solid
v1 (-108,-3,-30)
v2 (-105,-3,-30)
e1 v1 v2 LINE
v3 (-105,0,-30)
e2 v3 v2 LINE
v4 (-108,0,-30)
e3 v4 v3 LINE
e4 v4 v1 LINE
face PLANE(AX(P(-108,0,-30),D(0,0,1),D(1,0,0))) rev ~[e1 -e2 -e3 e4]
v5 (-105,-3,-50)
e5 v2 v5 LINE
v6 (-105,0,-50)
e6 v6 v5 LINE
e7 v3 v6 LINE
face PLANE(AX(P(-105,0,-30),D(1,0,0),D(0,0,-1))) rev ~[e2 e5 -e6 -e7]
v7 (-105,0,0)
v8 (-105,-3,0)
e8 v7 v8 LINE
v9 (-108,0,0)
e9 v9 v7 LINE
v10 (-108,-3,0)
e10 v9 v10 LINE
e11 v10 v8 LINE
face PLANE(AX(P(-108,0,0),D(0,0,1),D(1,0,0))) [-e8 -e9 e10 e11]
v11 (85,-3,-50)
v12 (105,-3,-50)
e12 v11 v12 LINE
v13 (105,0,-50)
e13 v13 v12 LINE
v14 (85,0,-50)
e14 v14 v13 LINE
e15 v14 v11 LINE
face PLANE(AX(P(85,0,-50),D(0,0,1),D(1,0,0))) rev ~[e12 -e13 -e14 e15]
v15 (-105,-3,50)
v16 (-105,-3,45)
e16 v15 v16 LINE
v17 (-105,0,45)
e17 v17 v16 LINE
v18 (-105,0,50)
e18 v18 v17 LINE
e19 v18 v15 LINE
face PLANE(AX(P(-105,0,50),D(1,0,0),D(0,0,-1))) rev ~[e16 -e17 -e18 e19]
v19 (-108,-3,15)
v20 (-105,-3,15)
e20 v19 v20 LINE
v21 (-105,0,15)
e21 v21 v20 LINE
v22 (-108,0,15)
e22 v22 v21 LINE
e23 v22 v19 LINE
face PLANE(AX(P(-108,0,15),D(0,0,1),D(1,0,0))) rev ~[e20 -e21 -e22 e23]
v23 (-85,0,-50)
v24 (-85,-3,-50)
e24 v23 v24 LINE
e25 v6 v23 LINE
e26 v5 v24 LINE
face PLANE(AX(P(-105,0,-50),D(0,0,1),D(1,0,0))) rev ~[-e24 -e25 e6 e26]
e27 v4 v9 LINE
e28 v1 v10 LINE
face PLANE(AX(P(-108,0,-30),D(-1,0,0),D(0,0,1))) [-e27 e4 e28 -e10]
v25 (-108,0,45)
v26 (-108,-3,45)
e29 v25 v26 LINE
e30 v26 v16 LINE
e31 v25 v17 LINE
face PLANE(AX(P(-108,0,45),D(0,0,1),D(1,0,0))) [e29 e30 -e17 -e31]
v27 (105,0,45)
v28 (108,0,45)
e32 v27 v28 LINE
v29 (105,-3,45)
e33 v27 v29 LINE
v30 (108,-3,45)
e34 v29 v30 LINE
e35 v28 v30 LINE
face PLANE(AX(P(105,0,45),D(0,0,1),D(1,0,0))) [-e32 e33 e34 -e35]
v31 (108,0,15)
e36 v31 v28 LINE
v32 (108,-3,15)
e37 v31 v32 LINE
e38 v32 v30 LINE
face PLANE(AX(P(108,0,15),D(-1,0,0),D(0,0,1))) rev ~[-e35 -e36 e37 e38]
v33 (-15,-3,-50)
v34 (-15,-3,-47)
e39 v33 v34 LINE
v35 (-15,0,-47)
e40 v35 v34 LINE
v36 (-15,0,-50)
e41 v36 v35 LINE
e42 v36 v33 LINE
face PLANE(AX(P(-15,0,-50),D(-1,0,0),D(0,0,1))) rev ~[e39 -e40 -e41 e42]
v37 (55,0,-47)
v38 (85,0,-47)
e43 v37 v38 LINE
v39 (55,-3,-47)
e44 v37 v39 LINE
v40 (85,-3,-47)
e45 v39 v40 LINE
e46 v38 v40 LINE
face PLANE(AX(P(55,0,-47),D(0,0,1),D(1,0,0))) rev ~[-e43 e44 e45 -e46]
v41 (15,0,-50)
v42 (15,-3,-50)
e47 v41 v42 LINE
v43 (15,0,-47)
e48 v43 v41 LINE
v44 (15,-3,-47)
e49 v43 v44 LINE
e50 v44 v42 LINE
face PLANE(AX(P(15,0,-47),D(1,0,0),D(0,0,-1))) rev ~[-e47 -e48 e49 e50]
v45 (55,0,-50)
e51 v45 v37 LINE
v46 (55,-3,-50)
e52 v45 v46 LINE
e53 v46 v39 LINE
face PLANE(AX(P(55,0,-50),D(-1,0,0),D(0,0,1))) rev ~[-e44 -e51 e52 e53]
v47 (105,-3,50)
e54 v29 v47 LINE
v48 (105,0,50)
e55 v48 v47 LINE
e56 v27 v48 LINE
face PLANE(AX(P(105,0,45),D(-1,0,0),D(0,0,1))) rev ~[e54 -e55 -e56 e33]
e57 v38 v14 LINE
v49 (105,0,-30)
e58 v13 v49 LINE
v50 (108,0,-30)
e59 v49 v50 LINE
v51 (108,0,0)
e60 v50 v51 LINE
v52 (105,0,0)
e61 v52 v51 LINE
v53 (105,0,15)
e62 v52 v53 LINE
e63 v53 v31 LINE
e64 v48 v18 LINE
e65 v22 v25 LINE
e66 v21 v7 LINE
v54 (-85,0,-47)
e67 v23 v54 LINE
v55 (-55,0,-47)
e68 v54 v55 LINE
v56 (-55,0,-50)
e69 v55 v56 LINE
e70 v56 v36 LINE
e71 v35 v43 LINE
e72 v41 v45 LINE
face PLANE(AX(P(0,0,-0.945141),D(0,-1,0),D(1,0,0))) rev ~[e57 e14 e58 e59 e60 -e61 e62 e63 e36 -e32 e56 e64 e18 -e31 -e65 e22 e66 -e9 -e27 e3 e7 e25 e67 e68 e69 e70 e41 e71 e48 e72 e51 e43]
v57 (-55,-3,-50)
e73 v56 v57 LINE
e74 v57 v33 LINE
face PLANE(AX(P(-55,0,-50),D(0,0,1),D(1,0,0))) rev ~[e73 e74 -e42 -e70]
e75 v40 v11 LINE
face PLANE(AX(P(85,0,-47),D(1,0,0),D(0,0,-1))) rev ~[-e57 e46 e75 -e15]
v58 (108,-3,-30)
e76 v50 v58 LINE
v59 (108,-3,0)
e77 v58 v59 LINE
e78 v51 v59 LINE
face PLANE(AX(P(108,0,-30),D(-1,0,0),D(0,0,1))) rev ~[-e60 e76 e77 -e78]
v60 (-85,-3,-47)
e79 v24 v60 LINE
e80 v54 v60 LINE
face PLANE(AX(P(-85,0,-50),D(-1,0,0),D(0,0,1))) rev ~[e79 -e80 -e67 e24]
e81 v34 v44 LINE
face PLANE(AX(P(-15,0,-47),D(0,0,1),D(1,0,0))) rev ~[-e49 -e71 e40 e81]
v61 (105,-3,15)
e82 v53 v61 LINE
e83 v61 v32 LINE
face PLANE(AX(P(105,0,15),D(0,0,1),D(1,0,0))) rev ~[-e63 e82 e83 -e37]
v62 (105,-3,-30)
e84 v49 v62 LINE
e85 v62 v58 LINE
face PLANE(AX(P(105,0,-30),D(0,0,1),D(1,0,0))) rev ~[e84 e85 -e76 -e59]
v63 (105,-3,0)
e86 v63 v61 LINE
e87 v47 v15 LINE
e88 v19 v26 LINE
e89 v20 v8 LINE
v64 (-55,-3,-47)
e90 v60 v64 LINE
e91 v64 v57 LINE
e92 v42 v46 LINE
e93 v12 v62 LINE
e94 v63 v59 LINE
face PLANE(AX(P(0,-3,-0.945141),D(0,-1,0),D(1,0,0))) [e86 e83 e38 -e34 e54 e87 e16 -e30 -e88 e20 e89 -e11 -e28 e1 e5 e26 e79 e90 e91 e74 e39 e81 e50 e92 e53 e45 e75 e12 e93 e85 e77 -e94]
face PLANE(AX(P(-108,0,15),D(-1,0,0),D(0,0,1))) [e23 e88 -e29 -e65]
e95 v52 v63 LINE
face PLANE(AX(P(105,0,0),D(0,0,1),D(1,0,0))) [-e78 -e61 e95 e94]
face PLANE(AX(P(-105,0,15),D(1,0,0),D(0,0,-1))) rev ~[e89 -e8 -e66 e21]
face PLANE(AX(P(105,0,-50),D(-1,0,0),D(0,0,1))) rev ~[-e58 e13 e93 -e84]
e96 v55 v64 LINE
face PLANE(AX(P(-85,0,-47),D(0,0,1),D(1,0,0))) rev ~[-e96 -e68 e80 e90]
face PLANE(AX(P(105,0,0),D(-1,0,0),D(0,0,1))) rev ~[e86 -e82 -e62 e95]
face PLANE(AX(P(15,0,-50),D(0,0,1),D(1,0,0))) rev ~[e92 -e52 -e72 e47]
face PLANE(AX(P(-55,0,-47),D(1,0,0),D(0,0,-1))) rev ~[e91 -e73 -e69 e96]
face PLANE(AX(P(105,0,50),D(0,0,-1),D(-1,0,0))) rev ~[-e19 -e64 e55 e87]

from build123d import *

# Parameters (mm, degrees)
F0_W     = 3
F0_H     = 30
F1_DEPTH = 3


with BuildPart() as f1:
    # F0 (on Front) → F1 (new body)
    with BuildSketch(Plane.XZ):
        Polygon((105, 45), (105, 50), (-105, 50), (-105, 45), (-105, 15), (-105, 0), (-105, -30), (-105, -50), (-85, -50), (-85, -47), (-55, -47), (-55, -50), (-15, -50), (-15, -47), (15, -47), (15, -50), (55, -50), (55, -47), (85, -47), (85, -50), (105, -50), (105, -30), (105, 0), (105, 15), align=None)
        with Locations((-106.5, -15)):
            Rectangle(F0_W, F0_H)
        with Locations((106.5, -15)):
            Rectangle(F0_W, F0_H)
        with Locations((106.5, 30)):
            Rectangle(F0_W, F0_H)
        with Locations((-106.5, 30)):
            Rectangle(F0_W, F0_H)
    extrude(amount=F1_DEPTH)


solid = f1.part
